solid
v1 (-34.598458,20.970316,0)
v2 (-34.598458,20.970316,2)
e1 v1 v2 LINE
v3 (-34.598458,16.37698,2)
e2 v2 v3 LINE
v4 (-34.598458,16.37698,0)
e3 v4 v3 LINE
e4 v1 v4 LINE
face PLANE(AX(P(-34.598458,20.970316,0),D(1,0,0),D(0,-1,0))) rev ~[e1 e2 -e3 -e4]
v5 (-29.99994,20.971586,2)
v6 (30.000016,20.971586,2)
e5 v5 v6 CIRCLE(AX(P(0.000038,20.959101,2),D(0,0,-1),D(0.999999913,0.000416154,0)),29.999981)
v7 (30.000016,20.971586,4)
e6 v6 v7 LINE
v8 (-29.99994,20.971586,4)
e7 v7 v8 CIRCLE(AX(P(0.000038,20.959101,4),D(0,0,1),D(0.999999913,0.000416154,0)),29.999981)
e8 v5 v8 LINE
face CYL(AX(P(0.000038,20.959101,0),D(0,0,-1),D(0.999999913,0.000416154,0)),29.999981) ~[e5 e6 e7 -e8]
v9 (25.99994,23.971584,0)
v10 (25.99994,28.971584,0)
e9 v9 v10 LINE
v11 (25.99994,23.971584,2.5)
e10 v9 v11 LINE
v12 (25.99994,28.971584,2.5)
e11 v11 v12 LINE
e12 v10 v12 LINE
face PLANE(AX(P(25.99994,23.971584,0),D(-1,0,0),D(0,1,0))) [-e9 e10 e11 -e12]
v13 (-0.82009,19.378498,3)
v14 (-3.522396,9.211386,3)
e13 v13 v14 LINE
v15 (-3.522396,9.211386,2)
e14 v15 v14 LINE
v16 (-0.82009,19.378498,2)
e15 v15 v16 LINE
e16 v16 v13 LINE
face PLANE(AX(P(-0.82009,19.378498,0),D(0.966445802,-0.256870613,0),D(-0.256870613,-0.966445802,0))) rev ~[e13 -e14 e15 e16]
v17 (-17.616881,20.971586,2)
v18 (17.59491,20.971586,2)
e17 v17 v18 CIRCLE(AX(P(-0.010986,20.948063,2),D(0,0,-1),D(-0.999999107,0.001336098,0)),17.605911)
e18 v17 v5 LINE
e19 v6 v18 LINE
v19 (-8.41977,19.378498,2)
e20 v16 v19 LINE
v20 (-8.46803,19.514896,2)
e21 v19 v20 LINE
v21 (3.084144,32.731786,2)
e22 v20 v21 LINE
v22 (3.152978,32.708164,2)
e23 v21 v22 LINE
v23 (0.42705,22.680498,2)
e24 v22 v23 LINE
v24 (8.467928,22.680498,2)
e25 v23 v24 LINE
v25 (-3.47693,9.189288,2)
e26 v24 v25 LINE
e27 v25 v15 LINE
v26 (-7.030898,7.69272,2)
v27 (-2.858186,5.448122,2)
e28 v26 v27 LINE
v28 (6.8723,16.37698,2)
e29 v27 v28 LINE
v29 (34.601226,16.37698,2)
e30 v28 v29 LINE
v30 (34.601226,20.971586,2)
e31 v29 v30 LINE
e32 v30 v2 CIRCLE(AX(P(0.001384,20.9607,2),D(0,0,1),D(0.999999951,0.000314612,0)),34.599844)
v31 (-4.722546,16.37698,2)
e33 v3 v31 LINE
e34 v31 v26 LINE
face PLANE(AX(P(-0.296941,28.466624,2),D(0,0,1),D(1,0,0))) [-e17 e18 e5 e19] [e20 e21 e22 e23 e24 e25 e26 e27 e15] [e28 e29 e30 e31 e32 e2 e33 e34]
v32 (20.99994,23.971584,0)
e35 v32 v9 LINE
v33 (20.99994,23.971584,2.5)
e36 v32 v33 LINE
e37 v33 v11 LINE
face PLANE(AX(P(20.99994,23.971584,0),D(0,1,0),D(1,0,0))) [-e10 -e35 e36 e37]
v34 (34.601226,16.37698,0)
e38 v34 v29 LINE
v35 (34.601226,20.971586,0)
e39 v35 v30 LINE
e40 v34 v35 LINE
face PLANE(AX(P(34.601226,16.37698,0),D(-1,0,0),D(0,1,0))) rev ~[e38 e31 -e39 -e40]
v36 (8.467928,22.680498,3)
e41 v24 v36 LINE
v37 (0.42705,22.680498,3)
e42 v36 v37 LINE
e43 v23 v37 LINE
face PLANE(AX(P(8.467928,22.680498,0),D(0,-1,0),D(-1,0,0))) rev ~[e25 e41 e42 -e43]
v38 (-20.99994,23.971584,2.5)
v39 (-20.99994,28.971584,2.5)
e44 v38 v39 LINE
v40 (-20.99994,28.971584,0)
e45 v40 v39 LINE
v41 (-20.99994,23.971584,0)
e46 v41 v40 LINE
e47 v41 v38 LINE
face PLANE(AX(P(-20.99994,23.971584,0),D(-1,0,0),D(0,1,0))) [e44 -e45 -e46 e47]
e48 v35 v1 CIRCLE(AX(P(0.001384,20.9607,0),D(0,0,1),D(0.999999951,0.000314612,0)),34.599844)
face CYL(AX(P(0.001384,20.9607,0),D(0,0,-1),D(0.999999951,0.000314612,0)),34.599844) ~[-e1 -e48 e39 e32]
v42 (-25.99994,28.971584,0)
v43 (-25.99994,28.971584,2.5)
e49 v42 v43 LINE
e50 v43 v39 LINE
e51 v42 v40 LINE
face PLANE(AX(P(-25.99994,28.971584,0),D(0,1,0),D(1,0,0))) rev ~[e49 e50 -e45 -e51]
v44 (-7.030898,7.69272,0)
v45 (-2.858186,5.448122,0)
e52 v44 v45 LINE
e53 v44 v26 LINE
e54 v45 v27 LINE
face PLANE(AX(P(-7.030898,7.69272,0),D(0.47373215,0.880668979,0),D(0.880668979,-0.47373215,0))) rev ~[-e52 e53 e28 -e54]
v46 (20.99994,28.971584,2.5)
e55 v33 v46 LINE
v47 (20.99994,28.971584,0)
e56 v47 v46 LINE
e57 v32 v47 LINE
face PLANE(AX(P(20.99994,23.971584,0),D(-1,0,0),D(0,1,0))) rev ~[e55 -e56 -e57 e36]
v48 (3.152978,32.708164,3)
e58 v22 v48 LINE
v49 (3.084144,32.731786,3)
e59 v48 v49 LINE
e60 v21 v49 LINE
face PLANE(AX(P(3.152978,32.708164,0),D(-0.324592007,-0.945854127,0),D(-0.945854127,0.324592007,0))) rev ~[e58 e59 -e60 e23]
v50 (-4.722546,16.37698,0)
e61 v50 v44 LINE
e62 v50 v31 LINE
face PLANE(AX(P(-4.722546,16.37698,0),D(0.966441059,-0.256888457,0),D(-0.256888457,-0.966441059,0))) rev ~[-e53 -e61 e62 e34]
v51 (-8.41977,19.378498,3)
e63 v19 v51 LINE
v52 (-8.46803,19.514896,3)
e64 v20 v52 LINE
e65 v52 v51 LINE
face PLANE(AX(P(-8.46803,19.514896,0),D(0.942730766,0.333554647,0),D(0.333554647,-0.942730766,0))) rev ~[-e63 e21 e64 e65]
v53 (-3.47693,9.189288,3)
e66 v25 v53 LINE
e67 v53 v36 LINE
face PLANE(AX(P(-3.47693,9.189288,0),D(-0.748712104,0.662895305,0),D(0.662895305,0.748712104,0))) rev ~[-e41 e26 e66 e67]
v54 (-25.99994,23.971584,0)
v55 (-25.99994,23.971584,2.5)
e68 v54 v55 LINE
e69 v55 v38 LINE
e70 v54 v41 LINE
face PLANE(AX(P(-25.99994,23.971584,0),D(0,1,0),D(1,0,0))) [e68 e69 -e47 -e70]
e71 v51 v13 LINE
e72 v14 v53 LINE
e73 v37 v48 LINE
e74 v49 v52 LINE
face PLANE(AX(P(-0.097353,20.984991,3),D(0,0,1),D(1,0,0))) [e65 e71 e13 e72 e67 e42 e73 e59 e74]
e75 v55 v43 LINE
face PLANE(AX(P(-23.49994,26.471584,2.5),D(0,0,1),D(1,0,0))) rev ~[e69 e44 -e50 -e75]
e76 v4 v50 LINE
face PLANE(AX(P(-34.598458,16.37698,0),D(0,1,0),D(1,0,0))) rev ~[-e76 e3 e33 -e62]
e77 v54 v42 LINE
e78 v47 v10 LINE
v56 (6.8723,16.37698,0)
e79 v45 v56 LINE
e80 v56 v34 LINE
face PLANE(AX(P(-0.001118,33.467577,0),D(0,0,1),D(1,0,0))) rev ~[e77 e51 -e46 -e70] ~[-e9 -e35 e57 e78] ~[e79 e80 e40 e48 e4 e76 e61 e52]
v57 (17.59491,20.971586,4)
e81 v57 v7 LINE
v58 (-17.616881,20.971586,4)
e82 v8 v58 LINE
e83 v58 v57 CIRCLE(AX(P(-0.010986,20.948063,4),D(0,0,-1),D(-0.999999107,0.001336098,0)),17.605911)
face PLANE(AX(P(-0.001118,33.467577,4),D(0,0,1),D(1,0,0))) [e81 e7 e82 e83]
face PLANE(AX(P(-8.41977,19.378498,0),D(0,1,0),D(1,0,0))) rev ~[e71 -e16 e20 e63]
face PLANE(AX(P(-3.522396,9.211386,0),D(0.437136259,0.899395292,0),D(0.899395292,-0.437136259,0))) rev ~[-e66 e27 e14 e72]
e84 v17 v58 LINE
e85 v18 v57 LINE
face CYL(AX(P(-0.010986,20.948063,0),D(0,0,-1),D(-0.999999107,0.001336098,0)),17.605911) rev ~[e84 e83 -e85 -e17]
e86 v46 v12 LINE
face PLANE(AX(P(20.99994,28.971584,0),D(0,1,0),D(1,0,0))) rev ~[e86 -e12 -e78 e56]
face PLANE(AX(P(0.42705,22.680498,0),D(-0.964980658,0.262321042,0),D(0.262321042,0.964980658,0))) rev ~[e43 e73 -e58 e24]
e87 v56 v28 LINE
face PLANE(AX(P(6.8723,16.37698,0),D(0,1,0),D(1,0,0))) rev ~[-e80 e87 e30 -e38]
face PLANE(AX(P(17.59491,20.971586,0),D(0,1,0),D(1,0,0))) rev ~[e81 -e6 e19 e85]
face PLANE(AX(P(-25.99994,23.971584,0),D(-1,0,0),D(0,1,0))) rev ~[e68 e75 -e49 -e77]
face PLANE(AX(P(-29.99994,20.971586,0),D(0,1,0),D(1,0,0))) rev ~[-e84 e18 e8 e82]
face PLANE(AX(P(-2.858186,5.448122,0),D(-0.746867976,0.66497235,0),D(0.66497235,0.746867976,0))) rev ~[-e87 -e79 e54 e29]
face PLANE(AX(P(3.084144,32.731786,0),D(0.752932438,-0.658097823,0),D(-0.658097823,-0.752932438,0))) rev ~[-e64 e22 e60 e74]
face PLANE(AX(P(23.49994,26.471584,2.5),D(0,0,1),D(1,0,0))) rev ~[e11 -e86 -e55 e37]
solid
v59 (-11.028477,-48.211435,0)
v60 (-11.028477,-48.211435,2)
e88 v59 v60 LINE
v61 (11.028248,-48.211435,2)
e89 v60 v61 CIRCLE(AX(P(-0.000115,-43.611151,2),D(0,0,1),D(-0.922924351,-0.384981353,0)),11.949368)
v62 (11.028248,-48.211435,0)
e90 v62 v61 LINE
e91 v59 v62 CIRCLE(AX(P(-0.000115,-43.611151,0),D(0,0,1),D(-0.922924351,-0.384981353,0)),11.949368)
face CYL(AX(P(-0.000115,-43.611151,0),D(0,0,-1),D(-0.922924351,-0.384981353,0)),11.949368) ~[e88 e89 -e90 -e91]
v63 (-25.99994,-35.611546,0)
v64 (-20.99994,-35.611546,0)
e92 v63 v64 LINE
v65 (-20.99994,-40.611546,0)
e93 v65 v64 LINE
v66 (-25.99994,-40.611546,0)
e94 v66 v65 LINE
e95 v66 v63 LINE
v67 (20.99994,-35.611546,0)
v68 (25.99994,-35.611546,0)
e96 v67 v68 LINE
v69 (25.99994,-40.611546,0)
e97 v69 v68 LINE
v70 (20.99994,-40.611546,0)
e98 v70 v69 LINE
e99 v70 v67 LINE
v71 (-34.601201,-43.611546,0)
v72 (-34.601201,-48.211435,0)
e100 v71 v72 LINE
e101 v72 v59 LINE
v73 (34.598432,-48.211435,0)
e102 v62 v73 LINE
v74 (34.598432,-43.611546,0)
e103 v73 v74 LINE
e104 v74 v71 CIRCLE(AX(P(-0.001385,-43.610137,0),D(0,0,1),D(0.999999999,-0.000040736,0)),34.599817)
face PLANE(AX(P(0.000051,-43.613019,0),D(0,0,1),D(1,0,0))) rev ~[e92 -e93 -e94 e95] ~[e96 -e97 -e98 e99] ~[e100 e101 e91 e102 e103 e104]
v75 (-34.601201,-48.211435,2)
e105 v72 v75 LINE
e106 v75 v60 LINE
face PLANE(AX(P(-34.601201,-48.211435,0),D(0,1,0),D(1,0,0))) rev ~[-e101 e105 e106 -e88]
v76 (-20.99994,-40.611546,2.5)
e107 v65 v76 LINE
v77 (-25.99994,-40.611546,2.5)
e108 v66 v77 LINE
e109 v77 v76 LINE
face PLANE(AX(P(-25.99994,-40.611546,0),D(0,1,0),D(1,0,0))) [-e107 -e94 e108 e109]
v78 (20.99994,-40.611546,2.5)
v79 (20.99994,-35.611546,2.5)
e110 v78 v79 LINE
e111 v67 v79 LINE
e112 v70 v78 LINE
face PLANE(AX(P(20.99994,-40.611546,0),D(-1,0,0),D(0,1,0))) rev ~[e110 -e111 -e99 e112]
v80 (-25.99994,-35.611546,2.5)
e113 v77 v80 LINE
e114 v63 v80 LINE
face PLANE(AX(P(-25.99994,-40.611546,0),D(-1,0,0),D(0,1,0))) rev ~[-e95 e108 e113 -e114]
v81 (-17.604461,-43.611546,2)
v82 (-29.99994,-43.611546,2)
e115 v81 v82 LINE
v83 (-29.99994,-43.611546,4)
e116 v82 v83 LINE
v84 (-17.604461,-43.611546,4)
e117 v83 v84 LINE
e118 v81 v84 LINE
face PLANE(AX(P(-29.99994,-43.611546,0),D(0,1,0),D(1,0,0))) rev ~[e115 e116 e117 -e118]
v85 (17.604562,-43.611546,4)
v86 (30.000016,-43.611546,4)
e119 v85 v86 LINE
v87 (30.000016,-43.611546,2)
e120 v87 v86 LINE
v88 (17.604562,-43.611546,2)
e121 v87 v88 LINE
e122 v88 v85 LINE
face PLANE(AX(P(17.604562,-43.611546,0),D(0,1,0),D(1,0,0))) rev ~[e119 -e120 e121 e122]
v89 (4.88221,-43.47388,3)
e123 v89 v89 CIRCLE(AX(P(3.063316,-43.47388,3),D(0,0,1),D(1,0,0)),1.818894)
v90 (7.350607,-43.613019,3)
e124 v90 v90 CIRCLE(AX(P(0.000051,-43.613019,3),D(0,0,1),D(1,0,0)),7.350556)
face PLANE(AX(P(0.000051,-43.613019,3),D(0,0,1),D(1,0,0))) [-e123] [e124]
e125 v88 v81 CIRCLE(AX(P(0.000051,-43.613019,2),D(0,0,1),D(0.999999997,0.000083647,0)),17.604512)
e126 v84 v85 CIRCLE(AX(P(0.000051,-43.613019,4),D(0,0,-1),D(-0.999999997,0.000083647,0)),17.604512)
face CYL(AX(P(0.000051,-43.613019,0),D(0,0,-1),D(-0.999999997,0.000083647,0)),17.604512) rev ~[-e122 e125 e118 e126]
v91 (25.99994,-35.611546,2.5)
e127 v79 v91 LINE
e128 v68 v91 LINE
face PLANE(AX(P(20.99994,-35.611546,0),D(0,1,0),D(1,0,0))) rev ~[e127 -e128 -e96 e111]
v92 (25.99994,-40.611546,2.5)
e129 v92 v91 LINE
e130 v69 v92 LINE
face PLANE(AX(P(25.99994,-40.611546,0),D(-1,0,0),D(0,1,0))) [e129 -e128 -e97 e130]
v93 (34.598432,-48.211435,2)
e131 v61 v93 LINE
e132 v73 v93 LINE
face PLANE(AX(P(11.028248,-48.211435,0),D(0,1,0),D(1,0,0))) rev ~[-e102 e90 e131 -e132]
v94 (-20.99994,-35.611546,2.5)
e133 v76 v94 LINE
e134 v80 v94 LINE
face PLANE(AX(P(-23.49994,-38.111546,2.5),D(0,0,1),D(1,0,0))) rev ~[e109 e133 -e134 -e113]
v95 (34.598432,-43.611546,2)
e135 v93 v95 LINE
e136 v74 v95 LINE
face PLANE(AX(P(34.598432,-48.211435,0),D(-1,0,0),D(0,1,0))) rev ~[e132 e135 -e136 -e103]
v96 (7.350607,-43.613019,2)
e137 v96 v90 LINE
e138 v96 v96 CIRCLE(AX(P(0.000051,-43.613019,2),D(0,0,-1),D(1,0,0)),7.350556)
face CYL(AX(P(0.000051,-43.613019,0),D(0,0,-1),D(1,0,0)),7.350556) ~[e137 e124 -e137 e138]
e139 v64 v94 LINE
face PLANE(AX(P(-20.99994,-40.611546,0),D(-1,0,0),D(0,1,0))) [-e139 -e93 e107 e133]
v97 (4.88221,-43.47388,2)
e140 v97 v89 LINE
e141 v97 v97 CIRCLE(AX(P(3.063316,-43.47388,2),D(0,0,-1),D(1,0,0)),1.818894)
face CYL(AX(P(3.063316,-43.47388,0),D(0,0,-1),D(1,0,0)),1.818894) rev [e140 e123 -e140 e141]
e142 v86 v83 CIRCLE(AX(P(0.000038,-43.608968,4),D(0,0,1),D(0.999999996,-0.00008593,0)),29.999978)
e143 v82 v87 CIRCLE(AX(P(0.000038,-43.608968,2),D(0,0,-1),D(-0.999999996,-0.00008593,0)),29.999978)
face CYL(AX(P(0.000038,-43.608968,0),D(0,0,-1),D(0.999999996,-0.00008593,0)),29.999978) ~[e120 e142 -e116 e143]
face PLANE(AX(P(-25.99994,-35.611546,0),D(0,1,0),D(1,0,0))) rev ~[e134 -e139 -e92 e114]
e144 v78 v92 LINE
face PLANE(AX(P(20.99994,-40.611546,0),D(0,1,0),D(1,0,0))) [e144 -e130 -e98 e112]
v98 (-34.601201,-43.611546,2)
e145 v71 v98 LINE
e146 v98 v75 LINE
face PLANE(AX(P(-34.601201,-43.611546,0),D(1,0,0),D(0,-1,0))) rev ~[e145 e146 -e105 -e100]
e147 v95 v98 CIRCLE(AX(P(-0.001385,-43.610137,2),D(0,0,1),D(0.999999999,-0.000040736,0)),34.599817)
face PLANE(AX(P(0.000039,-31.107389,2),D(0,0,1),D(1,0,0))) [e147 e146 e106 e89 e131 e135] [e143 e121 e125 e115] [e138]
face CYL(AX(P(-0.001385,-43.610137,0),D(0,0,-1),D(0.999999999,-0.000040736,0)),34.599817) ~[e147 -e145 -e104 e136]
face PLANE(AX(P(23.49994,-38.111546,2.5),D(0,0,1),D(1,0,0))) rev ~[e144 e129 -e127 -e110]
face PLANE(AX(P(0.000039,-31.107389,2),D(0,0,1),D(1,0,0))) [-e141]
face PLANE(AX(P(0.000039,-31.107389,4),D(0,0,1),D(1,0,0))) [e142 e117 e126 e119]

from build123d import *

# Parameters (mm, degrees)
F3_DEPTH  = 2
F4_DEPTH  = 4
F5_DEPTH  = 3
F2_R      = 7.350556
F2_R_2    = 1.818894
F6_DEPTH  = 2
F7_DEPTH  = 4
F8_DEPTH  = 3
F9_W      = 5
F9_H      = 5
F10_DEPTH = 2.5


with BuildPart() as f3:
    # F1 (on Top) → F3 (new body)
    with BuildSketch(Plane.XY):
        with BuildLine():
            Line((-34.598458, 20.970316), (-34.598458, 16.37698))
            Line((-34.598458, 16.37698), (-4.722546, 16.37698))
            Line((-4.722546, 16.37698), (-7.030898, 7.69272))
            Line((-7.030898, 7.69272), (-2.858186, 5.448122))
            Line((-2.858186, 5.448122), (6.8723, 16.37698))
            Line((6.8723, 16.37698), (34.601226, 16.37698))
            Line((34.601226, 16.37698), (34.601226, 20.971586))
            ThreePointArc((34.601226, 20.971586), (0.000749, 55.560544), (-34.598458, 20.970316))
        make_face()
        Polygon((-8.41977, 19.378498), (-8.46803, 19.514896), (3.084144, 32.731786), (3.152978, 32.708164), (0.42705, 22.680498), (8.467928, 22.680498), (-3.47693, 9.189288), (-3.522396, 9.211386), (-0.82009, 19.378498), align=None, mode=Mode.SUBTRACT)
        with BuildLine():
            Line((-17.616881, 20.971586), (-29.99994, 20.971586))
            ThreePointArc((-29.99994, 20.971586), (3.8e-05, 50.959082), (30.000016, 20.971586))
            Line((30.000016, 20.971586), (17.59491, 20.971586))
            ThreePointArc((17.59491, 20.971586), (-0.010985, 38.553974), (-17.616881, 20.971586))
        make_face(mode=Mode.SUBTRACT)
        with BuildLine():
            ThreePointArc((30.000016, 20.971586), (3.8e-05, 50.959082), (-29.99994, 20.971586))
            Line((-29.99994, 20.971586), (-17.616881, 20.971586))
            ThreePointArc((-17.616881, 20.971586), (-0.010985, 38.553974), (17.59491, 20.971586))
            Line((17.59491, 20.971586), (30.000016, 20.971586))
        make_face()
    extrude(amount=F3_DEPTH)

    # F1 (on Top) → F4 (join)
    with BuildSketch(Plane.XY):
        with BuildLine():
            ThreePointArc((30.000016, 20.971586), (3.8e-05, 50.959082), (-29.99994, 20.971586))
            Line((-29.99994, 20.971586), (-17.616881, 20.971586))
            ThreePointArc((-17.616881, 20.971586), (-0.010985, 38.553974), (17.59491, 20.971586))
            Line((17.59491, 20.971586), (30.000016, 20.971586))
        make_face()
    extrude(amount=F4_DEPTH)

    # F1 (on Top) → F5 (join)
    with BuildSketch(Plane.XY):
        Polygon((3.084144, 32.731786), (-8.46803, 19.514896), (-8.41977, 19.378498), (-0.82009, 19.378498), (-3.522396, 9.211386), (-3.47693, 9.189288), (8.467928, 22.680498), (0.42705, 22.680498), (3.152978, 32.708164), align=None)
    extrude(amount=F5_DEPTH)


with BuildPart() as f6:
    # F2 (on Top) → F6 (new body)
    with BuildSketch(Plane.XY):
        with BuildLine():
            ThreePointArc((30.000016, -43.611546), (3.8e-05, -13.60899), (-29.99994, -43.611546))
            Line((-29.99994, -43.611546), (-17.604461, -43.611546))
            ThreePointArc((-17.604461, -43.611546), (5.1e-05, -26.008507), (17.604562, -43.611546))
            Line((17.604562, -43.611546), (30.000016, -43.611546))
        make_face()
        with BuildLine():
            Line((-34.601201, -48.211435), (-11.028477, -48.211435))
            ThreePointArc((-11.028477, -48.211435), (-0.000114, -55.560519), (11.028248, -48.211435))
            Line((11.028248, -48.211435), (34.598432, -48.211435))
            Line((34.598432, -48.211435), (34.598432, -43.611546))
            ThreePointArc((34.598432, -43.611546), (-0.001384, -9.01032), (-34.601201, -43.611546))
            Line((-34.601201, -43.611546), (-34.601201, -48.211435))
        make_face()
        with Locations((5.1e-05, -43.613019)):
            Circle(F2_R, mode=Mode.SUBTRACT)
        with BuildLine():
            Line((-17.604461, -43.611546), (-29.99994, -43.611546))
            ThreePointArc((-29.99994, -43.611546), (3.8e-05, -13.60899), (30.000016, -43.611546))
            Line((30.000016, -43.611546), (17.604562, -43.611546))
            ThreePointArc((17.604562, -43.611546), (5.1e-05, -26.008507), (-17.604461, -43.611546))
        make_face(mode=Mode.SUBTRACT)
        with Locations((5.1e-05, -43.613019)):
            Circle(F2_R)
        with Locations((3.063316, -43.47388)):
            Circle(F2_R_2, mode=Mode.SUBTRACT)
        with Locations((3.063316, -43.47388)):
            Circle(F2_R_2)
    extrude(amount=F6_DEPTH)

    # F2 (on Top) → F7 (join)
    with BuildSketch(Plane.XY):
        with BuildLine():
            ThreePointArc((30.000016, -43.611546), (3.8e-05, -13.60899), (-29.99994, -43.611546))
            Line((-29.99994, -43.611546), (-17.604461, -43.611546))
            ThreePointArc((-17.604461, -43.611546), (5.1e-05, -26.008507), (17.604562, -43.611546))
            Line((17.604562, -43.611546), (30.000016, -43.611546))
        make_face()
    extrude(amount=F7_DEPTH)

    # F2 (on Top) → F8 (join)
    with BuildSketch(Plane.XY):
        with Locations((5.1e-05, -43.613019)):
            Circle(F2_R)
        with Locations((3.063316, -43.47388)):
            Circle(F2_R_2, mode=Mode.SUBTRACT)
    extrude(amount=F8_DEPTH)


with BuildPart() as f10_tool:
    # F9 (on Top) → F10 (new body)
    with BuildSketch(Plane.XY):
        with Locations((-23.49994, -38.111546)):
            Rectangle(F9_W, F9_H)
        with Locations((23.49994, -38.111546)):
            Rectangle(F9_W, F9_H)
        with Locations((-23.49994, 26.471584)):
            Rectangle(F9_W, F9_H)
        with Locations((23.49994, 26.471584)):
            Rectangle(F9_W, F9_H)
    extrude(amount=F10_DEPTH)


with BuildPart() as f3_1:
    add(f3.part)

    # F10: cut by f10_tool
    add(f10_tool.part, mode=Mode.SUBTRACT)


with BuildPart() as f6_1:
    add(f6.part)

    # F10: cut by f10_tool
    add(f10_tool.part, mode=Mode.SUBTRACT)


solid = Compound([f3_1.part, f6_1.part])
